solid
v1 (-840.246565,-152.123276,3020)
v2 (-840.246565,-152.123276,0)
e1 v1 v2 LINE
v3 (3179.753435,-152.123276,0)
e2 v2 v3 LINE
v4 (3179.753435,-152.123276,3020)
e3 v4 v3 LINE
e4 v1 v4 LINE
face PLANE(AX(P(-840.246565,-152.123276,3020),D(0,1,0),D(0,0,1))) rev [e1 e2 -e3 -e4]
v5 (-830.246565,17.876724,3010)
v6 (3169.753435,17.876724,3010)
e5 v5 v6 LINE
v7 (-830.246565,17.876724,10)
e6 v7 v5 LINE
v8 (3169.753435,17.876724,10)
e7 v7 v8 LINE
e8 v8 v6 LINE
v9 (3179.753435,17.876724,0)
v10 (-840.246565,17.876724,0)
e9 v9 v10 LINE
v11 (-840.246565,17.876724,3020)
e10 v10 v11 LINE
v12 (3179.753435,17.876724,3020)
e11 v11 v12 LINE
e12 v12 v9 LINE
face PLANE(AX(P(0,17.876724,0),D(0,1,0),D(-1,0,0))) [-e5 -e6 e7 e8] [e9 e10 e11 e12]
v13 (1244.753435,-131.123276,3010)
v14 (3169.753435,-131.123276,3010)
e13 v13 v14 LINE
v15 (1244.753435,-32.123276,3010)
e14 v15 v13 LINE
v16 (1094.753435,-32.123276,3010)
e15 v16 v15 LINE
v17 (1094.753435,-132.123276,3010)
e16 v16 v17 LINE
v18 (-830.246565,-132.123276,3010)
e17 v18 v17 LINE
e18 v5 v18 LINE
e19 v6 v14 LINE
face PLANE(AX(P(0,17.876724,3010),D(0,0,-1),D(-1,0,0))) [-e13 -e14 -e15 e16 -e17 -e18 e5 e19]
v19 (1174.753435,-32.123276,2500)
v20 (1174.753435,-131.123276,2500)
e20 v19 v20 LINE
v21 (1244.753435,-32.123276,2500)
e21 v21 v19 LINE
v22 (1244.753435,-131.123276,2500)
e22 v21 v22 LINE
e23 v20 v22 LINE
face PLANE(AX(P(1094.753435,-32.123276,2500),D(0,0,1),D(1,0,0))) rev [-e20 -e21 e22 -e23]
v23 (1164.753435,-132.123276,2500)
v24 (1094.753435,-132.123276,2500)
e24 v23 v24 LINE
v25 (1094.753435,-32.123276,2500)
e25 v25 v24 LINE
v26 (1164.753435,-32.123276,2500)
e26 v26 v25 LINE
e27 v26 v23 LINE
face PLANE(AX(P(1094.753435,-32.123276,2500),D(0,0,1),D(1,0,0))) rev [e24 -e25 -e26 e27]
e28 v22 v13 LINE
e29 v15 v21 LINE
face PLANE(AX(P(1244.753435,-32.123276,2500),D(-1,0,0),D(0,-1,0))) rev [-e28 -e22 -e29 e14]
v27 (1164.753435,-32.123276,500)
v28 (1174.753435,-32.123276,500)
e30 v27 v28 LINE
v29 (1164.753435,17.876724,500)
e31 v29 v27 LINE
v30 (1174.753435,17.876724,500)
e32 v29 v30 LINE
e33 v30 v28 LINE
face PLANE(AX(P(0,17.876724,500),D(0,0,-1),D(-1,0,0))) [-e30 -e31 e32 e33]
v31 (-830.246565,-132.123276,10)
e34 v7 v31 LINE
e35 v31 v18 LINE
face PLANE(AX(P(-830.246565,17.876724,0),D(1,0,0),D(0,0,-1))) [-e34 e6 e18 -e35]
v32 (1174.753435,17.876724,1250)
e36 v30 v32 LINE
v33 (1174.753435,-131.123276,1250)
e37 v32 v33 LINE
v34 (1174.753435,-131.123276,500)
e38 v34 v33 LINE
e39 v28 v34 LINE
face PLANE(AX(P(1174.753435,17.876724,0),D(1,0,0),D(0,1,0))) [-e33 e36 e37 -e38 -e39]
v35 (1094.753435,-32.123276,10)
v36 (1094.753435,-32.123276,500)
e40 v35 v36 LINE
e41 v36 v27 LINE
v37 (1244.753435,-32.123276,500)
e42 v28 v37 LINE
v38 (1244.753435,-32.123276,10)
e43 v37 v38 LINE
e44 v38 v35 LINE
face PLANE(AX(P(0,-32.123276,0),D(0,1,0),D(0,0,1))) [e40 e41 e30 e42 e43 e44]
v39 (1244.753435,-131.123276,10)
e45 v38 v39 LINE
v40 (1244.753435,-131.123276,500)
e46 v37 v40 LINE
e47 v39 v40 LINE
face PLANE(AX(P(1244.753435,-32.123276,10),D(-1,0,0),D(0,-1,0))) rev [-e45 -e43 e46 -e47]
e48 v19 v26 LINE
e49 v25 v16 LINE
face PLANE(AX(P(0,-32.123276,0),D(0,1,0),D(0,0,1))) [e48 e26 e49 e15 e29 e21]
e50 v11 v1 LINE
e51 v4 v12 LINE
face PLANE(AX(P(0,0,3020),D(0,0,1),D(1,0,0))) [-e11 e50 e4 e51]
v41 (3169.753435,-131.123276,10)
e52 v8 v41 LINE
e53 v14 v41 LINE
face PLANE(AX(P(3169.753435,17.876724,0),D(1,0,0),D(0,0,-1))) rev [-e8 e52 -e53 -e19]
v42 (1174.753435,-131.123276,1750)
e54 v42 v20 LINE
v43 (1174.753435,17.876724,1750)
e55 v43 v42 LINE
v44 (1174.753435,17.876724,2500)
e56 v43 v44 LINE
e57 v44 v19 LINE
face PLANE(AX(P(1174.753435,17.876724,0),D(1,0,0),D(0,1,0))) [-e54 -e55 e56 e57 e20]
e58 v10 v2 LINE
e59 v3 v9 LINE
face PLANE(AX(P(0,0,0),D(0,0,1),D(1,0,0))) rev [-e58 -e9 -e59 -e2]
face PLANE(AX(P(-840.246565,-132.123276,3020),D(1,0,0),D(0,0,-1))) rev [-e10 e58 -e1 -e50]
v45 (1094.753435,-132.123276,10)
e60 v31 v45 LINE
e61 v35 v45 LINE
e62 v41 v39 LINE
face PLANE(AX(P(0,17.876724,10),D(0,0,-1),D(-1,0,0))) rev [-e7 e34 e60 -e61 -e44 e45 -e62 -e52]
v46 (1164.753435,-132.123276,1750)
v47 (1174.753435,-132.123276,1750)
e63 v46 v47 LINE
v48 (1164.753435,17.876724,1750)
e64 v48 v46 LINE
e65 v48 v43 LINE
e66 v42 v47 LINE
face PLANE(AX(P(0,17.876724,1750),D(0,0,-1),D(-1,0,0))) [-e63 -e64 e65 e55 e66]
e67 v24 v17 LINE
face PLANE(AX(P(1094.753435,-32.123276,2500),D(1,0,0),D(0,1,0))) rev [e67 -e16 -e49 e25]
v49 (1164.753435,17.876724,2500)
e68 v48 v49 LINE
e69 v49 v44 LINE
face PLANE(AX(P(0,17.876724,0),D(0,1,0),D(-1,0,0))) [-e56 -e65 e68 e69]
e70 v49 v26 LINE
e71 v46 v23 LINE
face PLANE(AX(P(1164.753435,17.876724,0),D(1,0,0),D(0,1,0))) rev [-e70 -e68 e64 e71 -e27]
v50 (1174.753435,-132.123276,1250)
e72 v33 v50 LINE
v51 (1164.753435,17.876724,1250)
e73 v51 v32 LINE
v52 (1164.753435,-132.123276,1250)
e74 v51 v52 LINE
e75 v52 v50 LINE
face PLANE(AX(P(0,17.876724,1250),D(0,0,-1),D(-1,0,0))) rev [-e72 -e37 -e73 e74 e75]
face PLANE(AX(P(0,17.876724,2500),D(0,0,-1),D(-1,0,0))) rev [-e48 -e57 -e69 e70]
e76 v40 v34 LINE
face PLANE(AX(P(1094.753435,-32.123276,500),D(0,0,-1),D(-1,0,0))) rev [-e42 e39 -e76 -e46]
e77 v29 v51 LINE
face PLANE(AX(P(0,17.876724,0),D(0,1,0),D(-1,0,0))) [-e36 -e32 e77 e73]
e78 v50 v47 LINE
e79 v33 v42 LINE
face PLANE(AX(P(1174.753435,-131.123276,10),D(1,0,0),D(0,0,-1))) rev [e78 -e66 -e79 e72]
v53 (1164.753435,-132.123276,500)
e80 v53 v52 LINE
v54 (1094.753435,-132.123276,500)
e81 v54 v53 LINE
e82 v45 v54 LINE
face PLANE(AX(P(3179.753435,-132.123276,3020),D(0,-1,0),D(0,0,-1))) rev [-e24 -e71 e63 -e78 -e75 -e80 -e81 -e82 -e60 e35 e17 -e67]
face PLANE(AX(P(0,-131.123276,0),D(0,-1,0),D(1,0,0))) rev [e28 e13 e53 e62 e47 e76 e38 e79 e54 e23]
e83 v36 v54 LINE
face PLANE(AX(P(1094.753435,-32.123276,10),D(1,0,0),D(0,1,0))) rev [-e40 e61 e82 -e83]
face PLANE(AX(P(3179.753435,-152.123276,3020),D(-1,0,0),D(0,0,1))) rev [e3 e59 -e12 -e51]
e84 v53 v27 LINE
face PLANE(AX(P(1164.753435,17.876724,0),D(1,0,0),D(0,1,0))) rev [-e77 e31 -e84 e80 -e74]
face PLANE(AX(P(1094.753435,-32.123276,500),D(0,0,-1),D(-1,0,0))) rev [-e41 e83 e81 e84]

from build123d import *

# Parameters (mm, degrees)
ESBO_O1_W                = 4020
ESBO_O1_H                = 20
RESSALTO_EXTRUS_O1_DEPTH = 3020
ESBO_O2_W                = 4020
ESBO_O2_H                = 3020
ESBO_O2_W_2              = 4000
ESBO_O2_H_2              = 3000
ESBO_O2_W_3              = 10
ESBO_O2_H_3              = 750
RESSALTO_EXTRUS_O2_DEPTH = 150
ESBO_O3_W                = 150
ESBO_O3_H                = 490
ESBO_O3_H_2              = 510
RESSALTO_EXTRUS_O3_DEPTH = 100
ESBO_O4_W                = 1995
ESBO_O4_H                = 3000
RESSALTO_EXTRUS_O4_DEPTH = 1


with BuildPart() as part:
    # Esboço1 → Ressalto-extrusão1 (new body)
    with BuildSketch(Plane.XY):
        with Locations((1169.753435213, -142.12327558)):
            Rectangle(ESBO_O1_W, ESBO_O1_H)
    extrude(amount=RESSALTO_EXTRUS_O1_DEPTH)

    # Esboço2 → Ressalto-extrusão2 (add)
    with BuildSketch(Plane(origin=(0, -132.12327558, 0), x_dir=(1, 0, 0), z_dir=(0, 1, 0))):
        with Locations((1169.753435213, -1510)):
            Rectangle(ESBO_O2_W, ESBO_O2_H)
        with Locations((1169.753435213, -1510)):
            Rectangle(ESBO_O2_W_2, ESBO_O2_H_2, mode=Mode.SUBTRACT)
        with Locations((1169.753435213, -875)):
            Rectangle(ESBO_O2_W_3, ESBO_O2_H_3)
        with Locations((1169.753435213, -2125)):
            Rectangle(ESBO_O2_W_3, ESBO_O2_H_3)
    extrude(amount=RESSALTO_EXTRUS_O2_DEPTH)

    # Esboço3 → Ressalto-extrusão3 (add)
    with BuildSketch(Plane(origin=(0, -132.12327558, 0), x_dir=(1, 0, 0), z_dir=(0, 1, 0))):
        with Locations((1169.753435213, -255)):
            Rectangle(ESBO_O3_W, ESBO_O3_H)
        with Locations((1169.753435213, -2755)):
            Rectangle(ESBO_O3_W, ESBO_O3_H_2)
    extrude(amount=RESSALTO_EXTRUS_O3_DEPTH)

    # Esboço4 → Ressalto-extrusão4 (add)
    with BuildSketch(Plane(origin=(0, -132.12327558, 0), x_dir=(1, 0, 0), z_dir=(0, 1, 0))):
        with Locations((2172.253435213, -1510)):
            Rectangle(ESBO_O4_W, ESBO_O4_H)
    extrude(amount=RESSALTO_EXTRUS_O4_DEPTH)


solid = part.part
